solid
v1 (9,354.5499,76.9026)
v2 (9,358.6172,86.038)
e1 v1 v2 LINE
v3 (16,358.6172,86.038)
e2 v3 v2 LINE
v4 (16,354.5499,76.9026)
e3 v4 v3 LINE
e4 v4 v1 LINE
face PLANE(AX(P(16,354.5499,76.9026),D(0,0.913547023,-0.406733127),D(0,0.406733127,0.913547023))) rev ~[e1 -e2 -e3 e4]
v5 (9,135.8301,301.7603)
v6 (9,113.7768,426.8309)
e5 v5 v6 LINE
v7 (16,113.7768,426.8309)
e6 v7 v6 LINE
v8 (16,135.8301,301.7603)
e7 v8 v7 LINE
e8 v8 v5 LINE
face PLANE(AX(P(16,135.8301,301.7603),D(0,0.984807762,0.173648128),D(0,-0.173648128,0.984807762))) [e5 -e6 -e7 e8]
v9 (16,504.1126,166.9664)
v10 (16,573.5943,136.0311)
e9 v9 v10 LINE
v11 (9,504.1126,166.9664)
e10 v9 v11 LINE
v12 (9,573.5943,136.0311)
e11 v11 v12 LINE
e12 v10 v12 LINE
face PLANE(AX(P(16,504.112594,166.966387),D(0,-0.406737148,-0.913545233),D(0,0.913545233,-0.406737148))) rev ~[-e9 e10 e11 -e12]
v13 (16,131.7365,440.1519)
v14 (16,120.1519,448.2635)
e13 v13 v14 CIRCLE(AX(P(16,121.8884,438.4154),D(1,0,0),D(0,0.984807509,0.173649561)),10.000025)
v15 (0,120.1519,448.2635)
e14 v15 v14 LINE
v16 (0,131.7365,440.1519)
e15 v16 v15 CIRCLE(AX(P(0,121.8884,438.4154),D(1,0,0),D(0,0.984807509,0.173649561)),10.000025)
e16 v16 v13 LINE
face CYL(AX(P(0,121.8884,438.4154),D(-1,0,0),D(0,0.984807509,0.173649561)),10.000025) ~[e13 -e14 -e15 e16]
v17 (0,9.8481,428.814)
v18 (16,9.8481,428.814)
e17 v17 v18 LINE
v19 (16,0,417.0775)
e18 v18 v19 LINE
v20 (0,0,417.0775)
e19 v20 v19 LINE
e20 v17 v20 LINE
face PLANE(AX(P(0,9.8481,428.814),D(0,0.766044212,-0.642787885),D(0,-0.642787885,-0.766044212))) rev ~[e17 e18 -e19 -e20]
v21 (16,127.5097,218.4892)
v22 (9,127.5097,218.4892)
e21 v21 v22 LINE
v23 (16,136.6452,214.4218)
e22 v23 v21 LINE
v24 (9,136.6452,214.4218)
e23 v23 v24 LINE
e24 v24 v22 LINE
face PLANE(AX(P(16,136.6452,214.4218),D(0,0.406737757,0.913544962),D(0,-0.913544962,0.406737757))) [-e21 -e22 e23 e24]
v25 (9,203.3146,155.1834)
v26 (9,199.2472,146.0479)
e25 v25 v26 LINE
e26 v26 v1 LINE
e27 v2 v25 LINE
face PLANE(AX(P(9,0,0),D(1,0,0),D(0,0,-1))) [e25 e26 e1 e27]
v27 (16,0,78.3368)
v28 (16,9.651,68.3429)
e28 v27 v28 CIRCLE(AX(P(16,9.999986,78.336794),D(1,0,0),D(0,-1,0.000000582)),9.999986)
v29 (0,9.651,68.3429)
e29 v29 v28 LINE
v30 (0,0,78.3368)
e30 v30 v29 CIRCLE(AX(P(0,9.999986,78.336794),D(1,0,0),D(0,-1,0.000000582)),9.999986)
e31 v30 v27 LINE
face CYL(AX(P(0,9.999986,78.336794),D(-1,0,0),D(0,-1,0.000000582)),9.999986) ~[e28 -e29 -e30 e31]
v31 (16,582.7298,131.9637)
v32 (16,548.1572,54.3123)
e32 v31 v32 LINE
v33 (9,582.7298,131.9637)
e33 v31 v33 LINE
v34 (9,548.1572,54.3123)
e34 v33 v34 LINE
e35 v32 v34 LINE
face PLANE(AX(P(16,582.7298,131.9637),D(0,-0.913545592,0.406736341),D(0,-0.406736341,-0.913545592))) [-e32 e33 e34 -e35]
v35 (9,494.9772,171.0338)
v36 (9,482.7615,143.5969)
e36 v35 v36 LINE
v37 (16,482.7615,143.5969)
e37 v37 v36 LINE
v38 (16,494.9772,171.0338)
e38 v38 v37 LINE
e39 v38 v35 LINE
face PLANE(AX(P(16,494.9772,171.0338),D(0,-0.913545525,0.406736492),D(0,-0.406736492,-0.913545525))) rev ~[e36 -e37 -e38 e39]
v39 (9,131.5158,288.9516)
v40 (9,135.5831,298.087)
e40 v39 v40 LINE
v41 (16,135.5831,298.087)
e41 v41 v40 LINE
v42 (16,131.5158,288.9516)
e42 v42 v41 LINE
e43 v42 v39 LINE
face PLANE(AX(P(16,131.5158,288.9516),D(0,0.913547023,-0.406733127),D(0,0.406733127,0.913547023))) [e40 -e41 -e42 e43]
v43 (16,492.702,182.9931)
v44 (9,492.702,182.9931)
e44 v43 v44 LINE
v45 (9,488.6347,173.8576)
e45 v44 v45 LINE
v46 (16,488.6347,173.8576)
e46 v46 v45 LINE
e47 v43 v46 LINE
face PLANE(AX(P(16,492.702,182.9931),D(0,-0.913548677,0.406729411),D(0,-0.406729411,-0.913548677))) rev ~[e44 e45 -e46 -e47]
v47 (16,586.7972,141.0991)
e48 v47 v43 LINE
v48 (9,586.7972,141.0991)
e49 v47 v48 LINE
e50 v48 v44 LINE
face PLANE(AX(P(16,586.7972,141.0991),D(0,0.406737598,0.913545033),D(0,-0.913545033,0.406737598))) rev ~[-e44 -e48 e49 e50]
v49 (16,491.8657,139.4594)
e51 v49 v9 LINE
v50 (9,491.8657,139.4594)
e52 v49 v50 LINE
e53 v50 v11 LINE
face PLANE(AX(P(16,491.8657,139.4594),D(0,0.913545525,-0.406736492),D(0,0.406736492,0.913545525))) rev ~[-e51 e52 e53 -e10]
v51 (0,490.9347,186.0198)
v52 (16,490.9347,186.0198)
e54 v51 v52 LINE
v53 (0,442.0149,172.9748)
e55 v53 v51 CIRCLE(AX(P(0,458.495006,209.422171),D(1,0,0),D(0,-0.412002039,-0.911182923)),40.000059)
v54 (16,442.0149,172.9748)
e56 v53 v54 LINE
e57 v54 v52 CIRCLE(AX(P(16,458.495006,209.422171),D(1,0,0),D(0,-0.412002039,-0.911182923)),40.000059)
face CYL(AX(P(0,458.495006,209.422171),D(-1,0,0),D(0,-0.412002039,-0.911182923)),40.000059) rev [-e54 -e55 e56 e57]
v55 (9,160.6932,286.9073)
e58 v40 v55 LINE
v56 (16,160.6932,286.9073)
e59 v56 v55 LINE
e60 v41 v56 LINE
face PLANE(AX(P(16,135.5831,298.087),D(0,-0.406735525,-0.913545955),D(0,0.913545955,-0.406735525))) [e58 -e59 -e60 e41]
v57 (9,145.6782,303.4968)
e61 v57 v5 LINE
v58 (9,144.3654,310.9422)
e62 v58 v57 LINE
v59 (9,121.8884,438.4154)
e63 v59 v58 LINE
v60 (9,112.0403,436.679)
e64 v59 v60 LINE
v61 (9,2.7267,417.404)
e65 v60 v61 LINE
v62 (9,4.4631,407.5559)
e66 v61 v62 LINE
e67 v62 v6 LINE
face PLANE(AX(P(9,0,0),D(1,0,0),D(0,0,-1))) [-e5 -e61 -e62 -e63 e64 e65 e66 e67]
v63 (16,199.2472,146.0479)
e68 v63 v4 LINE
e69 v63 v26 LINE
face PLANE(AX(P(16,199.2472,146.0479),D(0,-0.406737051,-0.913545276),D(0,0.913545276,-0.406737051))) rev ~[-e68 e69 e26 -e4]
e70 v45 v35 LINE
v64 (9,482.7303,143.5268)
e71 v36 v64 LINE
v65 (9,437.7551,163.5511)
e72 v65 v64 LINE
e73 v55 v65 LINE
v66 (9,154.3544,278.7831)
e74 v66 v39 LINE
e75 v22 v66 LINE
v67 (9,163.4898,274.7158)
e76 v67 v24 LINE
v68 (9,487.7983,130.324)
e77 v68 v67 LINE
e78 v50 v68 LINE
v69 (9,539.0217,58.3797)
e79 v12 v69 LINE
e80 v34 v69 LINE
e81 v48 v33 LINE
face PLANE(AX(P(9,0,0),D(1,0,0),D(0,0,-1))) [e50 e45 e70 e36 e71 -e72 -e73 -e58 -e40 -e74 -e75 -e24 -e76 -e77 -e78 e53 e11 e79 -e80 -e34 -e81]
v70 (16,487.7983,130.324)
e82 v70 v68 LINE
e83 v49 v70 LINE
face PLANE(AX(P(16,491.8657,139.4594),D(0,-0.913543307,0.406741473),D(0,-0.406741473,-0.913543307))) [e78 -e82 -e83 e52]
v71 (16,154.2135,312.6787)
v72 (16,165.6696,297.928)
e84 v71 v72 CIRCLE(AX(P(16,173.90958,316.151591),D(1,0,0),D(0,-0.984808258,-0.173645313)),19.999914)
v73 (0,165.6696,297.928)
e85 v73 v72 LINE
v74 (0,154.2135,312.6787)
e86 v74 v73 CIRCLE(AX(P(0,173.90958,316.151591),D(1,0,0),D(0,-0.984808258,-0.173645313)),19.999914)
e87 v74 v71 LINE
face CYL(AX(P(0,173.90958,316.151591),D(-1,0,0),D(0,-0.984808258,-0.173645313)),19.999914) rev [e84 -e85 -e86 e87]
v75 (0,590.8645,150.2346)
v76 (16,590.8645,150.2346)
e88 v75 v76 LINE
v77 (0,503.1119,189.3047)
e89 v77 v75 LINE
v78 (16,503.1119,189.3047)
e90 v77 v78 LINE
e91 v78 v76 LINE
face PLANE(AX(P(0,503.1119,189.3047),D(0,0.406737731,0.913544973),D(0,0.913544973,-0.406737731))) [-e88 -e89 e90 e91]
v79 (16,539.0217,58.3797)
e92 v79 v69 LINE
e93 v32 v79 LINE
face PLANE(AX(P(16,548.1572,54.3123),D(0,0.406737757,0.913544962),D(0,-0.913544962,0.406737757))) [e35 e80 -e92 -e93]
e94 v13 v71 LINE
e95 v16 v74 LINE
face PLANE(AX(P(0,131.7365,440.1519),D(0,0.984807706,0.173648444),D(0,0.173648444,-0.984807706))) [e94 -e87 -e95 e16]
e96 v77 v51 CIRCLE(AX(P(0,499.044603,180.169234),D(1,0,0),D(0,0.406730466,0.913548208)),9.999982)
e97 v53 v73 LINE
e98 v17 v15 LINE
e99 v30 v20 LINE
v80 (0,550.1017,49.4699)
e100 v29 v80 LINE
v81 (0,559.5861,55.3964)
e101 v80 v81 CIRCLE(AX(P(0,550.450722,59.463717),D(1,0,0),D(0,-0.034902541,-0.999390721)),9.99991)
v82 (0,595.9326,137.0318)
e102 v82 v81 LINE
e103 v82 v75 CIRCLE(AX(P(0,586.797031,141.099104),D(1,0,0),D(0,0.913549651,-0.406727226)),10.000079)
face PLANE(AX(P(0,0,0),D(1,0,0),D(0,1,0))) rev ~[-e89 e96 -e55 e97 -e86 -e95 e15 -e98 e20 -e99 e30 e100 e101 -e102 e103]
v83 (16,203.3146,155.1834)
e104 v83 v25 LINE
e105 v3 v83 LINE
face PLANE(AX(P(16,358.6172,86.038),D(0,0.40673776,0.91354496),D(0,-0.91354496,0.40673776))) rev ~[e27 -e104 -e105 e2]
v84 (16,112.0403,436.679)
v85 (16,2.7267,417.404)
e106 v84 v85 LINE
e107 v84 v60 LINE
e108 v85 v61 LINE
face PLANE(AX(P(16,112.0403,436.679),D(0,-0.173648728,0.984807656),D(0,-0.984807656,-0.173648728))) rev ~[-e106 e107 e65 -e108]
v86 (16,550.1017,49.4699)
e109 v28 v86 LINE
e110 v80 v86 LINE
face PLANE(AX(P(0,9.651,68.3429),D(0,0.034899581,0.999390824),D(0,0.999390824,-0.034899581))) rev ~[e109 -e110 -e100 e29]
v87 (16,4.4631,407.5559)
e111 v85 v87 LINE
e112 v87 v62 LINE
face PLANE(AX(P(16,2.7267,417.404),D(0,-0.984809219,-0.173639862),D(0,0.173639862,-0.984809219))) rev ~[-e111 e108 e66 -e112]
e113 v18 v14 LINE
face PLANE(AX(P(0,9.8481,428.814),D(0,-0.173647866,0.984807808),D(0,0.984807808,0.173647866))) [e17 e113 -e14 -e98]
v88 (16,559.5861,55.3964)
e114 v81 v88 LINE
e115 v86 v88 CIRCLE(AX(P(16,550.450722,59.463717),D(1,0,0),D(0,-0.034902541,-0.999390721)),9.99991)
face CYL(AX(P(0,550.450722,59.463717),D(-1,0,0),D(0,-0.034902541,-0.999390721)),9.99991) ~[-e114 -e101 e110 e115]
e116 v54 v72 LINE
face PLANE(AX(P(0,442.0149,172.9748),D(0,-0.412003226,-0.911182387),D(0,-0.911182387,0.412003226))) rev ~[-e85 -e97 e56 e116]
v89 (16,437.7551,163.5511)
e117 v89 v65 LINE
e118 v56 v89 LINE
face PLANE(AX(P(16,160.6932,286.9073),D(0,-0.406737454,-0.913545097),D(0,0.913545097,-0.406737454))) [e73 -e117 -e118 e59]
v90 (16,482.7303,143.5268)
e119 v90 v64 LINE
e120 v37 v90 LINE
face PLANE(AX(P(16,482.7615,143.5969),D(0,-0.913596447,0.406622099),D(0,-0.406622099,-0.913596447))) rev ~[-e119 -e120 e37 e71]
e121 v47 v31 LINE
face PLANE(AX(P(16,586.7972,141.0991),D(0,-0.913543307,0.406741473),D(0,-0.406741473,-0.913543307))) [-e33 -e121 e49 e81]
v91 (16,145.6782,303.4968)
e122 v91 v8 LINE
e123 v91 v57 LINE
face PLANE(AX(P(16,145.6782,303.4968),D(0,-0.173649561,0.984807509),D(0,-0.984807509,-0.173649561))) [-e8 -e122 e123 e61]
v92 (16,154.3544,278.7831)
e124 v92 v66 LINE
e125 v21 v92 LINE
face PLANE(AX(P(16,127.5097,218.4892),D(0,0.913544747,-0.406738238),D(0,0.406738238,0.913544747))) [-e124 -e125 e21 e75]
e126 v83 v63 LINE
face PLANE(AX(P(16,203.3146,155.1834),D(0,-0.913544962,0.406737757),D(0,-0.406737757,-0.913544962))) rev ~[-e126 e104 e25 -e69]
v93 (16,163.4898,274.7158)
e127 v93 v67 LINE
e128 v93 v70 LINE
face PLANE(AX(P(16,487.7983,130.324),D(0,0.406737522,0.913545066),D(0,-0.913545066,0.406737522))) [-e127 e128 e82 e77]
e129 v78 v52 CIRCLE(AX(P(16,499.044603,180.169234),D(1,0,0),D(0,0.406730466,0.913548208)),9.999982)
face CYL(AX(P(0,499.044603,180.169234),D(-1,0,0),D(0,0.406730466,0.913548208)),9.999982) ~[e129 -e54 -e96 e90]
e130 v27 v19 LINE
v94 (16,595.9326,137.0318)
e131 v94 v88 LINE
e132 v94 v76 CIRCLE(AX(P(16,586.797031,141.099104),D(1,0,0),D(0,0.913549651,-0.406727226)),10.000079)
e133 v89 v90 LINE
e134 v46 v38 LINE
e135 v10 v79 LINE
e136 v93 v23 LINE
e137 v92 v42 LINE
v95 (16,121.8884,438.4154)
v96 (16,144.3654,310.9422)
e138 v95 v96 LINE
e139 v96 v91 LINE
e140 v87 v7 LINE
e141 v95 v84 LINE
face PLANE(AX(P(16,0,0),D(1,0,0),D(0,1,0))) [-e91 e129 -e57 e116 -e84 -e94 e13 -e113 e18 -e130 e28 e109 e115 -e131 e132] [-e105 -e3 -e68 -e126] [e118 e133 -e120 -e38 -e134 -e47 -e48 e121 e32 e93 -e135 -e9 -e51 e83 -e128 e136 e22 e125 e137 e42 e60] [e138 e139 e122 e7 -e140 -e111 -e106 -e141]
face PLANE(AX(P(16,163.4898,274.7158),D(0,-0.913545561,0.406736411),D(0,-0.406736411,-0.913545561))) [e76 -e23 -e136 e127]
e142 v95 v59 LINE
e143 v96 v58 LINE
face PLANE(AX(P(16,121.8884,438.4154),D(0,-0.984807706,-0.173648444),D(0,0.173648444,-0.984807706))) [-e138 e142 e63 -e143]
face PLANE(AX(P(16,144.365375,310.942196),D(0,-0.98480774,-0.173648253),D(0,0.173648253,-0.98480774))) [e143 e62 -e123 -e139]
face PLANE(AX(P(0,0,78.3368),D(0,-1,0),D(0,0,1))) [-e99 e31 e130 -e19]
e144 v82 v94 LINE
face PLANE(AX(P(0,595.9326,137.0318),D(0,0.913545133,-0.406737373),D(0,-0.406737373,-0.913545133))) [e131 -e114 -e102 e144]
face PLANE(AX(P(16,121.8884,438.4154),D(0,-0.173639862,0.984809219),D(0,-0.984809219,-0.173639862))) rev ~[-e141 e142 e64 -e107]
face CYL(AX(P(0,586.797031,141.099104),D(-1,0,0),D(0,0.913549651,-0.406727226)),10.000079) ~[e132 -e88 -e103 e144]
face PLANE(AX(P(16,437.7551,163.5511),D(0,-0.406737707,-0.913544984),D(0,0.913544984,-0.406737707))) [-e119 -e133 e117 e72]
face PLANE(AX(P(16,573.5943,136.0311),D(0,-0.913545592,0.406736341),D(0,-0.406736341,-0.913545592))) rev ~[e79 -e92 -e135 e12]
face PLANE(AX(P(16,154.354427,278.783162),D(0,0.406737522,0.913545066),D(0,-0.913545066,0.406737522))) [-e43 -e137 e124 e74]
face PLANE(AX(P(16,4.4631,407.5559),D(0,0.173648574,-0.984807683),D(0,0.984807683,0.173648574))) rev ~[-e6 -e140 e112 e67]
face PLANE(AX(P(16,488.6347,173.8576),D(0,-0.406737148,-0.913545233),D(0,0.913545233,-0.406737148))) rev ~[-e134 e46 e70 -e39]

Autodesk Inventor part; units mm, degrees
ref_plane "YZ Plane" through (0, 0, 0) normal (1, 0, 0) x (0, 1, 0)
ref_plane "XZ Plane" through (0, 0, 0) normal (0, 1, 0) x (-1, 0, 0)
ref_plane "XY Plane" through (0, 0, 0) normal (0, 0, 1) x (1, 0, 0)
sketch "Sketch1" plane through (0, 0, 0) normal (1, 0, 0) x (0, 1, 0)
  line L0 (0, 78.3368) -> (0, 427.0775)
  line L1 (9.8481, 428.814) -> (120.1519, 448.2635)
  line L2 (131.7365, 440.1519) -> (154.2135, 312.6787)
  line L3 (503.1119, 189.3047) -> (590.8645, 150.2346)
  line L4 (595.9326, 137.0318) -> (559.5861, 55.3964)
  line L5 (494.9423, 192.942) -> (494.9423, 192.942)
  line L6 (442.0149, 172.9748) -> (165.6696, 297.928)
  arc A0 (442.0149, 172.9748) -> (490.9347, 186.0198) centre (458.495, 209.4221) ccw
  arc A1 (154.2135, 312.6787) -> (165.6696, 297.928) centre (173.9096, 316.1516) ccw
  arc A2 (131.7365, 440.1519) -> (120.1519, 448.2635) centre (121.8884, 438.4154) ccw
  line L7 (9.8481, 428.814) -> (0, 417.0775)
  arc A3 (595.9326, 137.0318) -> (590.8645, 150.2346) centre (586.7972, 141.0991) ccw
  arc A4 (503.1119, 189.3047) -> (490.9347, 186.0198) centre (499.0446, 180.1692) ccw
  line L8 (9.651, 68.3429) -> (550.1017, 49.4699)
  arc A5 (550.1017, 49.4699) -> (559.5861, 55.3964) centre (550.4507, 59.4638) ccw
  arc A6 (0, 78.3368) -> (9.651, 68.3429) centre (10, 78.3368) ccw
  line L9 (0, 417.0775) -> (0, 78.3368)
  point P0 (534.922, 0)
  point P1 (130, 450)
  point P2 (156.0472, 302.2788)
  point P3 (600, 146.1672)
  point P4 (478.4622, 156.4947)
  point P5 (0, 427.0775)
  point P6 (0, 28.3368)
  dimension "d0" = 130
  dimension "d1" = 404.922
  dimension "d3" = 150
  dimension "d4" = 160
  dimension "d5" = 115
  dimension "d13" = 40
  dimension "d14" = 40
  dimension "d15" = 20
  dimension "d16" = 10
  dimension "d17" = 10
  dimension "d18" = 10
  dimension "d68" = 10
  dimension "d69" = 10
extrude "Extrusion1" add sketch "Sketch1" along normal blind 16
sketch "Sketch2" plane through (16, 0, 0) normal (1, 0, 0) x (0, 0, -1)
  line L0 (-172.9748, 442.0149) -> (-297.928, 165.6696) projected
  line L1 (-428.814, 9.8481) -> (-417.0775, 0) projected
  line L2 (-417.0775, 0) -> (-78.3368, 0) projected
  line L3 (-55.3964, 559.5861) -> (-137.0318, 595.9326) projected
  arc A0 (-137.0318, 595.9326) -> (-150.2346, 590.8645) centre (-141.0991, 586.7972) ccw projected
  line L4 (-150.2346, 590.8645) -> (-189.3047, 503.1119) projected
  arc A1 (-189.3047, 503.1119) -> (-186.0198, 490.9347) centre (-180.1692, 499.0446) ccw projected
  arc A2 (-172.9748, 442.0149) -> (-186.0198, 490.9347) centre (-209.4221, 458.495) ccw projected
  line L5 (-172.9748, 442.0149) -> (-297.928, 165.6696) projected
  arc A3 (-312.6787, 154.2135) -> (-297.928, 165.6696) centre (-316.1516, 173.9096) ccw projected
  line L6 (-312.6787, 154.2135) -> (-440.1519, 131.7365) projected
  arc A4 (-440.1519, 131.7365) -> (-448.2635, 120.1519) centre (-438.4154, 121.8884) ccw projected
  line L7 (-448.2635, 120.1519) -> (-428.814, 9.8481) projected
  line L8 (-438.4154, 121.8884) -> (-310.9422, 144.3654)
  line L9 (-286.9073, 160.6932) -> (-163.5511, 437.7551)
  line L10 (-163.5511, 437.7551) -> (-143.4328, 482.9414)
  line L11 (-143.4328, 482.9414) -> (-139.4594, 491.8657)
  line L12 (-139.4594, 491.8657) -> (-130.324, 487.7983)
  line L13 (-130.324, 487.7983) -> (-288.9516, 131.5158)
  line L14 (-288.9516, 131.5158) -> (-298.087, 135.5831)
  line L15 (-298.087, 135.5831) -> (-286.9073, 160.6932)
  line L16 (-428.814, 9.8481) -> (-417.0775, 0) projected
  line L17 (-143.5969, 482.7615) -> (-143.5268, 482.7303)
  line L18 (-438.4154, 121.8884) -> (-303.4968, 145.6782)
  line L19 (-303.4968, 145.6782) -> (-301.7603, 135.8301)
  line L20 (-301.7603, 135.8301) -> (-436.679, 112.0403)
  line L21 (-438.4154, 121.8884) -> (-436.679, 112.0403)
  line L22 (-436.679, 112.0403) -> (-417.404, 2.7267)
  line L23 (-436.679, 112.0403) -> (-325.679, 112.0403) construction
  line L24 (-417.404, 2.7267) -> (-407.5559, 4.4631)
  line L25 (-407.5559, 4.4631) -> (-426.8309, 113.7768)
  line L26 (-141.0991, 586.7972) -> (-182.9931, 492.702)
  line L27 (-182.9931, 492.702) -> (-173.8576, 488.6347)
  line L28 (-173.8576, 488.6347) -> (-131.9637, 582.7298)
  line L29 (-139.4594, 491.8657) -> (-166.9664, 504.1126)
  line L30 (-139.4594, 491.8657) -> (-109.3492, 491.8657) construction
  line L31 (-166.9664, 504.1126) -> (-171.0338, 494.9772)
  line L32 (-171.0338, 494.9772) -> (-143.5268, 482.7303)
  line L33 (-141.0991, 586.7972) -> (-131.9637, 582.7298)
  line L34 (-131.9637, 582.7298) -> (3.0363, 582.7298) construction
  line L35 (-12.7024, 518.6849) -> (487.2976, 518.6849) construction
  line L36 (-288.9516, 131.5158) -> (-274.7158, 163.4898)
  line L37 (-274.7158, 163.4898) -> (-214.4218, 136.6452)
  line L38 (-214.4218, 136.6452) -> (-218.4892, 127.5097)
  line L39 (-218.4892, 127.5097) -> (-278.7831, 154.3544)
  line L40 (-68.3429, 9.651) -> (-49.4699, 550.1017) projected
  arc A5 (-49.4699, 550.1017) -> (-55.3964, 559.5861) centre (-59.4638, 550.4507) ccw projected
  arc A6 (-78.3368, 0) -> (-68.3429, 9.651) centre (-78.3368, 10) ccw projected
  line L41 (-131.9637, 582.7298) -> (-54.3123, 548.1572)
  line L42 (-131.9637, 582.7298) -> (-46.9637, 582.7298) construction
  line L43 (-54.3123, 548.1572) -> (-58.3797, 539.0217)
  line L44 (-136.0311, 573.5943) -> (-58.3797, 539.0217)
  line L45 (-170.9977, 396.4438) -> (-86.038, 358.6172)
  line L46 (-86.038, 358.6172) -> (-155.1834, 203.3146)
  line L47 (-155.1834, 203.3146) -> (-146.0479, 199.2472)
  line L48 (-146.0479, 199.2472) -> (-76.9026, 354.5499)
  line L49 (-76.9026, 354.5499) -> (-86.038, 358.6172)
  point P0 (0, 0)
  dimension "d25" = 10
  dimension "d26" = 390
  dimension "d27" = 10
  dimension "d37" = 137
  dimension "d38" = 111
  dimension "d39" = 80
  dimension "d40" = 10
  dimension "d41" = 90
  dimension "d42" = 90
  dimension "d43" = 103
  dimension "d44" = 10
  dimension "d45" = 90
  dimension "d46" = 156
  dimension "d60" = 35
  dimension "d61" = 66
  dimension "d62" = 90
  dimension "d63" = 10
  dimension "d64" = 90
  dimension "d65" = 90
  dimension "d70" = 85
  dimension "d71" = 24
  dimension "d72" = 93
  dimension "d73" = 100
  dimension "d74" = 170
  dimension "d75" = 10
extrude "Extrusion2" cut sketch "Sketch2" against normal blind 7 contours L8 L18 L19 L20 L21 | L20 L25 L24 L22 | L49 L48 L47 L46 | L9 L10 L11 L12 L13 L14 L15 | L17 L32 L28 L29 L11 L10 | L13 L37 L38 L39 | L28 L27 L26 L33 | L28 L41 L43 L44
equation "\"d18\" = d17"
properties part number "Arcade_Left"
